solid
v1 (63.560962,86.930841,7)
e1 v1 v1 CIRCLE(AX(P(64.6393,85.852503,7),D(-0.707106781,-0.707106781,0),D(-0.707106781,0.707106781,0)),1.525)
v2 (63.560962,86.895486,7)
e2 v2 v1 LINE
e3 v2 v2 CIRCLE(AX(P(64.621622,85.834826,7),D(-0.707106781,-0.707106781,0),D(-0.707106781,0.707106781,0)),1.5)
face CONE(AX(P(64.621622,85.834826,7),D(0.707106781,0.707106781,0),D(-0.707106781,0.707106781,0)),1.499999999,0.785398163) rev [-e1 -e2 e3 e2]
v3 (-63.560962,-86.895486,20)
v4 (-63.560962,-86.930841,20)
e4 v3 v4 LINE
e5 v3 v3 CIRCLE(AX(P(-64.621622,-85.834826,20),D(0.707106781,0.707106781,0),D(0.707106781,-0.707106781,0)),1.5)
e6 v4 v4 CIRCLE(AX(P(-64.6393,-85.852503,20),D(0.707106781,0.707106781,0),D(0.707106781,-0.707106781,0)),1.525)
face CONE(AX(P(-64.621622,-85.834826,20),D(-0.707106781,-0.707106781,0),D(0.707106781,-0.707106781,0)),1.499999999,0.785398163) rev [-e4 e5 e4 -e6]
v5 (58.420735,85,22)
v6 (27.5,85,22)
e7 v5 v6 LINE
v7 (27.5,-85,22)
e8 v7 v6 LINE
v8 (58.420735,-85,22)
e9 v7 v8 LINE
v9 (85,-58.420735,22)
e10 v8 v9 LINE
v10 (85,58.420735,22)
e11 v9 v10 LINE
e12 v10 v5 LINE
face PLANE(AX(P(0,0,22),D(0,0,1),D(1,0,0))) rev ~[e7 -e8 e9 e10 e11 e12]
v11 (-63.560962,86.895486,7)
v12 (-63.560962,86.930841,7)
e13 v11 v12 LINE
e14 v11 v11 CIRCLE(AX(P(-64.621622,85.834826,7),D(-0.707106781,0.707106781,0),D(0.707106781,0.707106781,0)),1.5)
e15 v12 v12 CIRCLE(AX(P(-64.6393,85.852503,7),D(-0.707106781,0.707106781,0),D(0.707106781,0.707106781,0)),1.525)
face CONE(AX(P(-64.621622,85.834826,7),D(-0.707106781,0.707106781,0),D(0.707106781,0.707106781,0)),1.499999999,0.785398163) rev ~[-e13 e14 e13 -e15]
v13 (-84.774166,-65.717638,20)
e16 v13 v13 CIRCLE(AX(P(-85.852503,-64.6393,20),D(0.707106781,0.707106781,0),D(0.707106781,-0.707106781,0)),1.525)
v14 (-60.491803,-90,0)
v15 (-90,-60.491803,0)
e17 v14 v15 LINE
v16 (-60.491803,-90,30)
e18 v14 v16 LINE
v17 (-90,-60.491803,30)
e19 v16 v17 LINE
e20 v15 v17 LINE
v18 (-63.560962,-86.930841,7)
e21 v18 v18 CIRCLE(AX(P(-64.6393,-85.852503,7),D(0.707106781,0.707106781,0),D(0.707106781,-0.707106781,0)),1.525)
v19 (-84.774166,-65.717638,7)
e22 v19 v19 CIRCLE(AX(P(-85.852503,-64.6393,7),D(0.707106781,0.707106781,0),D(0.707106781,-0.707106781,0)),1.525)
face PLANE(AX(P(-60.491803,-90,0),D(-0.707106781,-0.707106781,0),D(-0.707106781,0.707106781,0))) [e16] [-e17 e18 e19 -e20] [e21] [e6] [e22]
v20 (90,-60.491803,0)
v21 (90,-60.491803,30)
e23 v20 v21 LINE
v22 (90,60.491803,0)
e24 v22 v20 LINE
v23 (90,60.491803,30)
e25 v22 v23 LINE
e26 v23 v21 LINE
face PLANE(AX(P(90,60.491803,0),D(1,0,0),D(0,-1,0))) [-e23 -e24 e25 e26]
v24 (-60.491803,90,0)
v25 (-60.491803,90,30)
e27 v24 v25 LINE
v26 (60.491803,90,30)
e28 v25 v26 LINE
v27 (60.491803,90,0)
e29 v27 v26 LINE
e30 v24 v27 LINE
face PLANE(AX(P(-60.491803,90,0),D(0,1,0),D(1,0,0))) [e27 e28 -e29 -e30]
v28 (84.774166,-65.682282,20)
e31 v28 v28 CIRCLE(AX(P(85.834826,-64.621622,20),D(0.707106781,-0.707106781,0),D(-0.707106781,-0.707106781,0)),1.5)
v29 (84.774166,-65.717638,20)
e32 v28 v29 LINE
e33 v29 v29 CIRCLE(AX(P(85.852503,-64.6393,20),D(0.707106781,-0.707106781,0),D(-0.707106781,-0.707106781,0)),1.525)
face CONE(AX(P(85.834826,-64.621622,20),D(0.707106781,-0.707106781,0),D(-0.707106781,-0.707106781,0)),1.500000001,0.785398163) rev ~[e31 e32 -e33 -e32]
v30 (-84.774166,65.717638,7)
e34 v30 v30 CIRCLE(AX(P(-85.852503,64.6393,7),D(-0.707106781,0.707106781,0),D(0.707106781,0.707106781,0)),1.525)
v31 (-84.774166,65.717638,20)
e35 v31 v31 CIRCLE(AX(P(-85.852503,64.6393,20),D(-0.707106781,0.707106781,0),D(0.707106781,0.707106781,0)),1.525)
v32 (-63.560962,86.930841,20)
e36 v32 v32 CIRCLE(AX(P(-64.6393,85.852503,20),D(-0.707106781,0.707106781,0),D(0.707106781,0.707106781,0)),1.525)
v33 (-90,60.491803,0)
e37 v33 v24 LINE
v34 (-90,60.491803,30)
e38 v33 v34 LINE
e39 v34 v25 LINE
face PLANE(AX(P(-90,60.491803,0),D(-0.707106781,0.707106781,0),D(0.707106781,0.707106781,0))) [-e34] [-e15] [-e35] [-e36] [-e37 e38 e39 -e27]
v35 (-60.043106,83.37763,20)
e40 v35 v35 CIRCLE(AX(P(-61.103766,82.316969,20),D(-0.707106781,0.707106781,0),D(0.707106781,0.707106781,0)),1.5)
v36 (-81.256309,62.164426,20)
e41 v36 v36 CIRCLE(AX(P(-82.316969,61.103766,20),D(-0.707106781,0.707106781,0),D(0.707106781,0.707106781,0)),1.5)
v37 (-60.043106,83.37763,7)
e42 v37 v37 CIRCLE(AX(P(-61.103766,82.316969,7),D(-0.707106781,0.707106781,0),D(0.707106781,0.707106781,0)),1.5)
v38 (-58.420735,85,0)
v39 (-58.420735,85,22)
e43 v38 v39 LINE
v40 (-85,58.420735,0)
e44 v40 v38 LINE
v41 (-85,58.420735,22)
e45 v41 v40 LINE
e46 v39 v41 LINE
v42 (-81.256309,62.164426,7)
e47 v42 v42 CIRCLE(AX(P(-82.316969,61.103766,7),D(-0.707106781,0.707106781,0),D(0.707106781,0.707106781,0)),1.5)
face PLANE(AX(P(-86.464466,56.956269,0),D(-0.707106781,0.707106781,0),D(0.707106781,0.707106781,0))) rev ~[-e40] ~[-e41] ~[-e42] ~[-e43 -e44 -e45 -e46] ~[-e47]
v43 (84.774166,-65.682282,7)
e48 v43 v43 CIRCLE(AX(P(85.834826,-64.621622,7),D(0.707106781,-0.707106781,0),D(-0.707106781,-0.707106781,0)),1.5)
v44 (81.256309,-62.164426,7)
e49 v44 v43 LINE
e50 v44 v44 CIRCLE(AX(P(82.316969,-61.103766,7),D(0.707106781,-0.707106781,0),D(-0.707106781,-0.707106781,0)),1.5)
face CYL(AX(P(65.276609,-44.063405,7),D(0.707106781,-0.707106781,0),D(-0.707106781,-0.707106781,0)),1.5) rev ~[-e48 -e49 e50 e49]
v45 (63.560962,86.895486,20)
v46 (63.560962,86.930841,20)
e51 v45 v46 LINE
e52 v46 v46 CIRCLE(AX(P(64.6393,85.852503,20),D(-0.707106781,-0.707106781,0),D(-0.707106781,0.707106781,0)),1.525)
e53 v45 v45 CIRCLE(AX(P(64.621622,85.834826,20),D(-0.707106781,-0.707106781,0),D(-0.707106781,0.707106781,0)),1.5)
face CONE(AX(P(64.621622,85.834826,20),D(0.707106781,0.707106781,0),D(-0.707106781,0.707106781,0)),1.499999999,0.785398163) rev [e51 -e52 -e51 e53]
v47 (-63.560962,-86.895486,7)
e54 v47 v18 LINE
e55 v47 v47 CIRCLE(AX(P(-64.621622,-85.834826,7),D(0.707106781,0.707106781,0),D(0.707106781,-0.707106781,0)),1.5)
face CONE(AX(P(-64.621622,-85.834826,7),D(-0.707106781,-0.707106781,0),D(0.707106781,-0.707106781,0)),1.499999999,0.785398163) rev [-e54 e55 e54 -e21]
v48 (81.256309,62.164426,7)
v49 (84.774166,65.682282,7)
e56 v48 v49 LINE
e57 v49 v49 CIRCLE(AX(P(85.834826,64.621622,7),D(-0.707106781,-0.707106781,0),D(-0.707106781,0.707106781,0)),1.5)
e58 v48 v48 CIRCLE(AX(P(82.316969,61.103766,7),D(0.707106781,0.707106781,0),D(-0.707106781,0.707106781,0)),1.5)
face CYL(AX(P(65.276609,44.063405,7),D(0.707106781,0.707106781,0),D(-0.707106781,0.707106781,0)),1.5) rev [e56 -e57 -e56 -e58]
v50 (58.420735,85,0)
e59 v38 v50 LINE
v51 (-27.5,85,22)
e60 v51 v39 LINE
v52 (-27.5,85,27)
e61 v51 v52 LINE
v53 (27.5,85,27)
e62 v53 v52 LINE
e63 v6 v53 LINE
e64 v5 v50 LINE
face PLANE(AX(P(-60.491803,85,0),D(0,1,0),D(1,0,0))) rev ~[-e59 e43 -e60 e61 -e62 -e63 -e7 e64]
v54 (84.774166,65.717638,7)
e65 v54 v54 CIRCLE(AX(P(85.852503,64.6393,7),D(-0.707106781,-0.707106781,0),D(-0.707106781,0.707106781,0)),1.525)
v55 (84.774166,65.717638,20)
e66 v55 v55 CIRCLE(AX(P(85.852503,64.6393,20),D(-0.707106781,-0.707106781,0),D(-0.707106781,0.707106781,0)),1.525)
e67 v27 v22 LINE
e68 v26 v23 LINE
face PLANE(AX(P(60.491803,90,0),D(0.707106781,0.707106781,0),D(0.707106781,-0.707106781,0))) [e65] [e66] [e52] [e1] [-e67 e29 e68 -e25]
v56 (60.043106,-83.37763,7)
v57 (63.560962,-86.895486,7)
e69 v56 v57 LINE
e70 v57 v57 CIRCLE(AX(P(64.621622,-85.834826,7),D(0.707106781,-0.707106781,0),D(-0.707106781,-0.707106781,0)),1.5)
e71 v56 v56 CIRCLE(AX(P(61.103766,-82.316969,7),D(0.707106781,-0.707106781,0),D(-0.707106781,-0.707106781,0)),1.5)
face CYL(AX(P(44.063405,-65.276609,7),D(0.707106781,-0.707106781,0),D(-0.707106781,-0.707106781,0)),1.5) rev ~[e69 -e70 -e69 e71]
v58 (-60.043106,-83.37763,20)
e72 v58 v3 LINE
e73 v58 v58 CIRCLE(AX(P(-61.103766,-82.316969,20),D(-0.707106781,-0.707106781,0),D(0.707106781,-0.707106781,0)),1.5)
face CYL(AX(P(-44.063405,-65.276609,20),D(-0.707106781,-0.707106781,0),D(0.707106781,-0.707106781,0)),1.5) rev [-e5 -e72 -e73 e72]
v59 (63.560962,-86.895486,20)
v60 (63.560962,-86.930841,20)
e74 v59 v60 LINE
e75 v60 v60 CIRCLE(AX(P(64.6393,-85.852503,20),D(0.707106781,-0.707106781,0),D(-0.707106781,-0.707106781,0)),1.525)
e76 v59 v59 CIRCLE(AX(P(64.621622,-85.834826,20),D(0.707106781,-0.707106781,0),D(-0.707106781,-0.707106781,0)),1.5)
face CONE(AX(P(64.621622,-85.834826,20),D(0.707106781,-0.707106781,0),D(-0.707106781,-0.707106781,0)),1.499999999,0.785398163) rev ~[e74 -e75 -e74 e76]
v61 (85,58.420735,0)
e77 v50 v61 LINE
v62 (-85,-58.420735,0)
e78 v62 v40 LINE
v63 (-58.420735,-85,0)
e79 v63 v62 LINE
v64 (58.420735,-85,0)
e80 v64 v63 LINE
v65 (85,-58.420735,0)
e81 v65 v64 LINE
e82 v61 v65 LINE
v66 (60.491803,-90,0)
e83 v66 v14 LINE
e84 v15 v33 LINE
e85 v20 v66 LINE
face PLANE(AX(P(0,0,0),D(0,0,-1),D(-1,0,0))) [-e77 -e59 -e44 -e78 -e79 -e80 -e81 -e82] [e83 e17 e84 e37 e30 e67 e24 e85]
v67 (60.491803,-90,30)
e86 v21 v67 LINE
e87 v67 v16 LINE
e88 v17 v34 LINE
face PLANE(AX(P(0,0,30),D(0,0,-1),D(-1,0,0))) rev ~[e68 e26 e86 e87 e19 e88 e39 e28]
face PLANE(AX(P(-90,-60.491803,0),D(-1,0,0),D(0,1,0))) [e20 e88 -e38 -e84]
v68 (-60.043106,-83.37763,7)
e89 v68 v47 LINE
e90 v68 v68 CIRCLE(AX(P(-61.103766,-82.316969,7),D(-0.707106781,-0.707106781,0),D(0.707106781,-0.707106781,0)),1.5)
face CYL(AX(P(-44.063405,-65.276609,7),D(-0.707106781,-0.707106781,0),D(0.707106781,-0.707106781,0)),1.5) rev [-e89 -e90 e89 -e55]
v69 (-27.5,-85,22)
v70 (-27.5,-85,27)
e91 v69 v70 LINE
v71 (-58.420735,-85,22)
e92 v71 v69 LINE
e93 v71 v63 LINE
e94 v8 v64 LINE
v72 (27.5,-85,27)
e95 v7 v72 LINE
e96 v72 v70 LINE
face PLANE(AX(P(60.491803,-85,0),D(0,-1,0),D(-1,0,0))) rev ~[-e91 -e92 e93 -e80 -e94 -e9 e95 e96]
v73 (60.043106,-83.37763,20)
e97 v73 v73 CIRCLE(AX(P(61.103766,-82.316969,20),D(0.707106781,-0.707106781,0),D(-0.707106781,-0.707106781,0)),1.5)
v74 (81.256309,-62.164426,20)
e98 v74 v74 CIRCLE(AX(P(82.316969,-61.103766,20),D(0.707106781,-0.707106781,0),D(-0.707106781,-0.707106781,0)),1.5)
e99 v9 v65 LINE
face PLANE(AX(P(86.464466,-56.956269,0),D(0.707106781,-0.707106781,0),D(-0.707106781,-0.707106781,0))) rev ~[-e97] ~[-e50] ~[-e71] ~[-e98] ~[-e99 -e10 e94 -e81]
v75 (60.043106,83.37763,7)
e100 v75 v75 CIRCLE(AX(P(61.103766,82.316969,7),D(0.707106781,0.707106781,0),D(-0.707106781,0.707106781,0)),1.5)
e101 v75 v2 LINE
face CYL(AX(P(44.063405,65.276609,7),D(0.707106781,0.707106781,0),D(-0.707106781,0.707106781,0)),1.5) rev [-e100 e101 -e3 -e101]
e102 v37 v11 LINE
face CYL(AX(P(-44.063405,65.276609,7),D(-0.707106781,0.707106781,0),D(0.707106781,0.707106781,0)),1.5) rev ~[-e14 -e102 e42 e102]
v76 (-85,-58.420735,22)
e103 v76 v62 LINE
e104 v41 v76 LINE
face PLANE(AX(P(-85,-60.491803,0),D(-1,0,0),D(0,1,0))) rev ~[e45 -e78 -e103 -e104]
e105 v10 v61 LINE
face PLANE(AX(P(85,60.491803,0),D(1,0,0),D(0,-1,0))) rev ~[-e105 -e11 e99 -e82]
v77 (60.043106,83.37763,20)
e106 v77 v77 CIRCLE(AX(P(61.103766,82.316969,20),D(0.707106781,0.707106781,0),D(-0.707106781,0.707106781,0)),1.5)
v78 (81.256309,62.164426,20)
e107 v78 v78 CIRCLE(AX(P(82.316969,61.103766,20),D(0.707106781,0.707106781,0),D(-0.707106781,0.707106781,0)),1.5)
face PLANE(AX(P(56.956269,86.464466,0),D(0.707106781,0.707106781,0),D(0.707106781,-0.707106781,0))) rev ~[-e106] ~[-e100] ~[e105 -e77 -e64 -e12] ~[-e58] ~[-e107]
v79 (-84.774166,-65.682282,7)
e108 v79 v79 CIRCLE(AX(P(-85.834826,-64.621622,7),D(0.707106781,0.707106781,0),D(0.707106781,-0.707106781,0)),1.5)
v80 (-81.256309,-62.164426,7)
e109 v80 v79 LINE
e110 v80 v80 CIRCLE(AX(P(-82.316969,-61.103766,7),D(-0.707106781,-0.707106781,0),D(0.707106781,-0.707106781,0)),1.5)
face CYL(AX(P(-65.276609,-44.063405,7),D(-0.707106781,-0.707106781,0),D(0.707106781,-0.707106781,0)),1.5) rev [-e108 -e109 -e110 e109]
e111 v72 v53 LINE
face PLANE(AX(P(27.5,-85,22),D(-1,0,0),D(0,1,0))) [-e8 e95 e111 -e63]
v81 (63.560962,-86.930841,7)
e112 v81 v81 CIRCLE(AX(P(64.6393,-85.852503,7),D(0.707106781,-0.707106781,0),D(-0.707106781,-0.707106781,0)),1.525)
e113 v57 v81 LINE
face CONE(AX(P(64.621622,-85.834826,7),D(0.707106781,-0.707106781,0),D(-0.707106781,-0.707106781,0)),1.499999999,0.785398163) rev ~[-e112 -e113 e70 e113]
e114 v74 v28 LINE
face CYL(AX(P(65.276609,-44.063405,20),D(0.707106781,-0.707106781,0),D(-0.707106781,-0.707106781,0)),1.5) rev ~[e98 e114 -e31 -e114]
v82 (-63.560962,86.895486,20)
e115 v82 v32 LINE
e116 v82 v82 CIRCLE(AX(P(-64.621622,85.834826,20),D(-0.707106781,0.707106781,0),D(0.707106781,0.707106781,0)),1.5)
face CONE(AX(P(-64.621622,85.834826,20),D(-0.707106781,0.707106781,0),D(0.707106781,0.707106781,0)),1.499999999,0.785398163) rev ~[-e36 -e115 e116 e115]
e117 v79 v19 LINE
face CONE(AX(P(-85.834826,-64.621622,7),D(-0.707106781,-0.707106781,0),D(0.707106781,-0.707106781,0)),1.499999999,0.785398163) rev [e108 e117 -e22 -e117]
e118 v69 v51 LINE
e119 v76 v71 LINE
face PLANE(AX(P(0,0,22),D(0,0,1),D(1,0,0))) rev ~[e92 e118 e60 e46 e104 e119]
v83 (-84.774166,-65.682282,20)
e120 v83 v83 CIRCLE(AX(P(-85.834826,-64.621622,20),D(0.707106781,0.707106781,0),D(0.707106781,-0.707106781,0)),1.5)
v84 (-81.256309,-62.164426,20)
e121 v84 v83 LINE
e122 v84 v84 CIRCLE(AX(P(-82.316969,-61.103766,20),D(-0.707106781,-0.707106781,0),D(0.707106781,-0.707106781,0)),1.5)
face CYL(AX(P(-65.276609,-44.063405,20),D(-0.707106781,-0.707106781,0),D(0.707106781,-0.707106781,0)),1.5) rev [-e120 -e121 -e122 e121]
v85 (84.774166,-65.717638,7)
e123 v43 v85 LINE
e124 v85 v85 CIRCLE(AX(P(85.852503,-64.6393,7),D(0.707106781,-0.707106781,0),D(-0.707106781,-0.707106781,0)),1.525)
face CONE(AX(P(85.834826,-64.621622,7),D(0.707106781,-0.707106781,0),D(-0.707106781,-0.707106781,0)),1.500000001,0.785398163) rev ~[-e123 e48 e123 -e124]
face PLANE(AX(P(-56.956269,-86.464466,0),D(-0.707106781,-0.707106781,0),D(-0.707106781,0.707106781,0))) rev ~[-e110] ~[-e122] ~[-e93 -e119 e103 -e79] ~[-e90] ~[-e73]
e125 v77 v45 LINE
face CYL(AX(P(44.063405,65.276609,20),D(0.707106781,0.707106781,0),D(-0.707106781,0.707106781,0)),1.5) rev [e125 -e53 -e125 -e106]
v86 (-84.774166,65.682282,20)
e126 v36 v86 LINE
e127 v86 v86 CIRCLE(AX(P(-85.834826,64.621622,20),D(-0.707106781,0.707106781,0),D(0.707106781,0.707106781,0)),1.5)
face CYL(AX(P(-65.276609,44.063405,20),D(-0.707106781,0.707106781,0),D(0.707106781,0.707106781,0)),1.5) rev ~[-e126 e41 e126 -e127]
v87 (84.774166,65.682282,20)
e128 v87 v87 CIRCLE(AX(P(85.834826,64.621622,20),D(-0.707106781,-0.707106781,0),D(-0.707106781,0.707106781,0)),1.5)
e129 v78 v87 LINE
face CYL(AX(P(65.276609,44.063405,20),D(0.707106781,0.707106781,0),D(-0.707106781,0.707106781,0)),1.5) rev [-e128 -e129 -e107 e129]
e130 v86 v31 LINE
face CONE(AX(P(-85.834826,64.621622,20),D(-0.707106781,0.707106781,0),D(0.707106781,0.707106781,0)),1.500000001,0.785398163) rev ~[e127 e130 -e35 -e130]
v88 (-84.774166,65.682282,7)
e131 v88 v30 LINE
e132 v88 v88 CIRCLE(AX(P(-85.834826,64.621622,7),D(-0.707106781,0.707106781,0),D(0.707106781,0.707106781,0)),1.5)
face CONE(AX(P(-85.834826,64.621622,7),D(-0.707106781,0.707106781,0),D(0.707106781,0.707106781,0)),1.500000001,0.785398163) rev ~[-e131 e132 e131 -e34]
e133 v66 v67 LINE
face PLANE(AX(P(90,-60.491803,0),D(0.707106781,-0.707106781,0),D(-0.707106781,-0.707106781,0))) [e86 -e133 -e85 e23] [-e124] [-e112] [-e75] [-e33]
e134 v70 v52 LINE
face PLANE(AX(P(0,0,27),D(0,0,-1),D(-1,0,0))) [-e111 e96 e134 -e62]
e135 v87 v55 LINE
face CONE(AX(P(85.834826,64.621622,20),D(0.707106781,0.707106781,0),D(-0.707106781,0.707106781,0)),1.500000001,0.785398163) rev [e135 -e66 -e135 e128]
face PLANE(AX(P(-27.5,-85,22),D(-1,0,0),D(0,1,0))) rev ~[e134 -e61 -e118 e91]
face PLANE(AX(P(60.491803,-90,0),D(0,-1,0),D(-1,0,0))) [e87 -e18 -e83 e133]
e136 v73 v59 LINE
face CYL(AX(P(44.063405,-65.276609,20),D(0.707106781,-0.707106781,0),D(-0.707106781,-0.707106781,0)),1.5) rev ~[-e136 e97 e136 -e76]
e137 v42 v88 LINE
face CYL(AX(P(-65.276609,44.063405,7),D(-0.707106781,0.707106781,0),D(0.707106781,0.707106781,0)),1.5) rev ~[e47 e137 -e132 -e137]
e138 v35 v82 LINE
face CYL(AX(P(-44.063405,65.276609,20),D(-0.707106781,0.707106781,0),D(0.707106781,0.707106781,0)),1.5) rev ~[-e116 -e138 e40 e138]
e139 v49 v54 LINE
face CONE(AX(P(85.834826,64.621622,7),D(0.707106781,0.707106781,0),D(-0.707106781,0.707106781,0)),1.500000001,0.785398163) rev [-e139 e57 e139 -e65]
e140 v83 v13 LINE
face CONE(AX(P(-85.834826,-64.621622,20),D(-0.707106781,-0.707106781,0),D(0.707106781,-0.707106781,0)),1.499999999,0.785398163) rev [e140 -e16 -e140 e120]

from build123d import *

# Parameters (mm, degrees)
BOSS_EXTRUDE1_DEPTH            = 30
SHELL1_T                       = -5
F_3_0MM_DOWEL_HOLE1_AT_2_COUNT = 2
F_3_0MM_DOWEL_HOLE1_AT_2_PITCH = 30
F_3_0MM_DOWEL_HOLE1_AT_3_COUNT = 2
F_3_0MM_DOWEL_HOLE1_AT_3_PITCH = 32.695565449
F_3_0MM_DOWEL_HOLE1_AT_4_COUNT = 2
F_3_0MM_DOWEL_HOLE1_AT_4_PITCH = 13
BOSS_EXTRUDE2_DEPTH            = 3
SKETCH5_W                      = 55
SKETCH5_H                      = 170
CUT_EXTRUDE3_DEPTH             = 5


with BuildPart() as part:
    # Sketch1 → Boss-Extrude1 (new body)
    with BuildSketch(Plane.XY):
        Polygon((-60.491803279, 90), (60.491803279, 90), (90, 60.491803279), (90, -60.491803279), (60.491803279, -90), (-60.491803279, -90), (-90, -60.491803279), (-90, 60.491803279), align=None)
    extrude(amount=BOSS_EXTRUDE1_DEPTH)

    # Shell1
    shell1_openings = [part.faces().sort_by_distance(p)[0] for p in [
        (0, 0, 0),
    ]]
    offset(amount=SHELL1_T, openings=shell1_openings, kind=Kind.INTERSECTION)

    # Sketch3 → Ø3.0mm Dowel Hole1 (revolve, cut)
    with BuildSketch(Plane(origin=(-64.639299922, -85.852503357, 7), x_dir=(0.7071067811865476, -0.7071067811865475, 0), z_dir=(0, 0, 1))):
        Polygon((0, 0), (0, 30), (1.5, 29.098709071), (1.5, 0.025), (1.525, 0), align=None)
    f_3_0mm_dowel_hole1 = revolve(axis=Axis((-69.129427982, -90.342631418, 7), (0.7071067811865475, 0.7071067811865476, 0)), mode=Mode.SUBTRACT)

    # Ø3.0mm Dowel Hole1 at 2: Ø3.0mm Dowel Hole1 ×2
    with Locations(*[Vector(-0.7071067811865476, 0.7071067811865475, 0) * (i * F_3_0MM_DOWEL_HOLE1_AT_2_PITCH) for i in range(1, F_3_0MM_DOWEL_HOLE1_AT_2_COUNT)]):
        add(f_3_0mm_dowel_hole1, mode=Mode.SUBTRACT)

    # Ø3.0mm Dowel Hole1 at 3: Ø3.0mm Dowel Hole1 ×2
    with Locations(*[Vector(-0.6488098047725105, 0.6488098047725104, 0.3976074376343002) * (i * F_3_0MM_DOWEL_HOLE1_AT_3_PITCH) for i in range(1, F_3_0MM_DOWEL_HOLE1_AT_3_COUNT)]):
        add(f_3_0mm_dowel_hole1, mode=Mode.SUBTRACT)

    # Ø3.0mm Dowel Hole1 at 4: Ø3.0mm Dowel Hole1 ×2
    with Locations(*[(0, 0, i * F_3_0MM_DOWEL_HOLE1_AT_4_PITCH) for i in range(1, F_3_0MM_DOWEL_HOLE1_AT_4_COUNT)]):
        add(f_3_0mm_dowel_hole1, mode=Mode.SUBTRACT)

    # Mirror2: Ø3.0mm Dowel Hole1 across plane
    add(f_3_0mm_dowel_hole1.mirror(Plane.ZX), mode=Mode.SUBTRACT)

    # Mirror2 copy 1 sketch → Mirror2 copy 1 (revolve, cut)
    with BuildSketch(Plane(origin=(-85.852503357, 64.639299922, 7), x_dir=(0.7071067811865476, 0.7071067811865475, 0), z_dir=(0, 0, 1))):
        Polygon((0, 0), (0, -30), (1.5, -29.098709071), (1.5, -0.025), (1.525, 0), align=None)
    revolve(axis=Axis((-90.342631418, 69.129427982, 7), (-0.7071067811865475, 0.7071067811865476, 0)), mode=Mode.SUBTRACT)

    # Mirror2 copy 2 sketch → Mirror2 copy 2 (revolve, cut)
    with BuildSketch(Plane(origin=(-85.852503357, 64.639299922, 20), x_dir=(0.7071067811865476, 0.7071067811865475, 0), z_dir=(0, 0, 1))):
        Polygon((0, 0), (0, -30), (1.5, -29.098709071), (1.5, -0.025), (1.525, 0), align=None)
    revolve(axis=Axis((-90.342631418, 69.129427982, 20), (-0.7071067811865475, 0.7071067811865476, 0)), mode=Mode.SUBTRACT)

    # Mirror2 copy 3 sketch → Mirror2 copy 3 (revolve, cut)
    with BuildSketch(Plane(origin=(-64.639299922, 85.852503357, 20), x_dir=(0.7071067811865476, 0.7071067811865475, 0), z_dir=(0, 0, 1))):
        Polygon((0, 0), (0, -30), (1.5, -29.098709071), (1.5, -0.025), (1.525, 0), align=None)
    revolve(axis=Axis((-69.129427982, 90.342631418, 20), (-0.7071067811865475, 0.7071067811865476, 0)), mode=Mode.SUBTRACT)

    # Mirror3: Ø3.0mm Dowel Hole1 across plane
    add(f_3_0mm_dowel_hole1.mirror(Plane(origin=(0, 0, 0), x_dir=(0, 0, 1), z_dir=(1, 0, 0))), mode=Mode.SUBTRACT)

    # Mirror3 copy 1 sketch → Mirror3 copy 1 (revolve, cut)
    with BuildSketch(Plane(origin=(85.852503357, -64.639299922, 7), x_dir=(-0.7071067811865476, -0.7071067811865475, 0), z_dir=(0, 0, 1))):
        Polygon((0, 0), (0, -30), (1.5, -29.098709071), (1.5, -0.025), (1.525, 0), align=None)
    revolve(axis=Axis((90.342631418, -69.129427982, 7), (0.7071067811865475, -0.7071067811865476, 0)), mode=Mode.SUBTRACT)

    # Mirror3 copy 2 sketch → Mirror3 copy 2 (revolve, cut)
    with BuildSketch(Plane(origin=(85.852503357, -64.639299922, 20), x_dir=(-0.7071067811865476, -0.7071067811865475, 0), z_dir=(0, 0, 1))):
        Polygon((0, 0), (0, -30), (1.5, -29.098709071), (1.5, -0.025), (1.525, 0), align=None)
    revolve(axis=Axis((90.342631418, -69.129427982, 20), (0.7071067811865475, -0.7071067811865476, 0)), mode=Mode.SUBTRACT)

    # Mirror3 copy 3 sketch → Mirror3 copy 3 (revolve, cut)
    with BuildSketch(Plane(origin=(64.639299922, -85.852503357, 20), x_dir=(-0.7071067811865476, -0.7071067811865475, 0), z_dir=(0, 0, 1))):
        Polygon((0, 0), (0, -30), (1.5, -29.098709071), (1.5, -0.025), (1.525, 0), align=None)
    revolve(axis=Axis((69.129427982, -90.342631418, 20), (0.7071067811865475, -0.7071067811865476, 0)), mode=Mode.SUBTRACT)

    # Mirror3 copy 4 sketch → Mirror3 copy 4 (revolve, cut)
    with BuildSketch(Plane(origin=(64.639299922, 85.852503357, 7), x_dir=(-0.7071067811865476, 0.7071067811865475, 0), z_dir=(0, 0, 1))):
        Polygon((0, 0), (0, 30), (1.5, 29.098709071), (1.5, 0.025), (1.525, 0), align=None)
    revolve(axis=Axis((69.129427982, 90.342631418, 7), (-0.7071067811865475, -0.7071067811865476, 0)), mode=Mode.SUBTRACT)

    # Mirror3 copy 5 sketch → Mirror3 copy 5 (revolve, cut)
    with BuildSketch(Plane(origin=(85.852503357, 64.639299922, 7), x_dir=(-0.7071067811865476, 0.7071067811865475, 0), z_dir=(0, 0, 1))):
        Polygon((0, 0), (0, 30), (1.5, 29.098709071), (1.5, 0.025), (1.525, 0), align=None)
    revolve(axis=Axis((90.342631418, 69.129427982, 7), (-0.7071067811865475, -0.7071067811865476, 0)), mode=Mode.SUBTRACT)

    # Mirror3 copy 6 sketch → Mirror3 copy 6 (revolve, cut)
    with BuildSketch(Plane(origin=(85.852503357, 64.639299922, 20), x_dir=(-0.7071067811865476, 0.7071067811865475, 0), z_dir=(0, 0, 1))):
        Polygon((0, 0), (0, 30), (1.5, 29.098709071), (1.5, 0.025), (1.525, 0), align=None)
    revolve(axis=Axis((90.342631418, 69.129427982, 20), (-0.7071067811865475, -0.7071067811865476, 0)), mode=Mode.SUBTRACT)

    # Mirror3 copy 7 sketch → Mirror3 copy 7 (revolve, cut)
    with BuildSketch(Plane(origin=(64.639299922, 85.852503357, 20), x_dir=(-0.7071067811865476, 0.7071067811865475, 0), z_dir=(0, 0, 1))):
        Polygon((0, 0), (0, 30), (1.5, 29.098709071), (1.5, 0.025), (1.525, 0), align=None)
    revolve(axis=Axis((69.129427982, 90.342631418, 20), (-0.7071067811865475, -0.7071067811865476, 0)), mode=Mode.SUBTRACT)

    # Sketch4 → Boss-Extrude2 (add)
    with BuildSketch(Plane(origin=(0, 0, 25), x_dir=(-1, 0, 0), z_dir=(0, 0, -1))):
        Polygon((-58.420735467, 85), (58.420735467, 85), (85, 58.420735467), (85, -58.420735467), (58.420735467, -85), (-58.420735467, -85), (-85, -58.420735467), (-85, 58.420735467), align=None)
    extrude(amount=BOSS_EXTRUDE2_DEPTH)

    # Sketch5 → Cut-Extrude3 (cut)
    with BuildSketch(Plane(origin=(0, 0, 22), x_dir=(-1, 0, 0), z_dir=(0, 0, -1))):
        Rectangle(SKETCH5_W, SKETCH5_H)
    extrude(amount=-CUT_EXTRUDE3_DEPTH, mode=Mode.SUBTRACT)


solid = part.part
